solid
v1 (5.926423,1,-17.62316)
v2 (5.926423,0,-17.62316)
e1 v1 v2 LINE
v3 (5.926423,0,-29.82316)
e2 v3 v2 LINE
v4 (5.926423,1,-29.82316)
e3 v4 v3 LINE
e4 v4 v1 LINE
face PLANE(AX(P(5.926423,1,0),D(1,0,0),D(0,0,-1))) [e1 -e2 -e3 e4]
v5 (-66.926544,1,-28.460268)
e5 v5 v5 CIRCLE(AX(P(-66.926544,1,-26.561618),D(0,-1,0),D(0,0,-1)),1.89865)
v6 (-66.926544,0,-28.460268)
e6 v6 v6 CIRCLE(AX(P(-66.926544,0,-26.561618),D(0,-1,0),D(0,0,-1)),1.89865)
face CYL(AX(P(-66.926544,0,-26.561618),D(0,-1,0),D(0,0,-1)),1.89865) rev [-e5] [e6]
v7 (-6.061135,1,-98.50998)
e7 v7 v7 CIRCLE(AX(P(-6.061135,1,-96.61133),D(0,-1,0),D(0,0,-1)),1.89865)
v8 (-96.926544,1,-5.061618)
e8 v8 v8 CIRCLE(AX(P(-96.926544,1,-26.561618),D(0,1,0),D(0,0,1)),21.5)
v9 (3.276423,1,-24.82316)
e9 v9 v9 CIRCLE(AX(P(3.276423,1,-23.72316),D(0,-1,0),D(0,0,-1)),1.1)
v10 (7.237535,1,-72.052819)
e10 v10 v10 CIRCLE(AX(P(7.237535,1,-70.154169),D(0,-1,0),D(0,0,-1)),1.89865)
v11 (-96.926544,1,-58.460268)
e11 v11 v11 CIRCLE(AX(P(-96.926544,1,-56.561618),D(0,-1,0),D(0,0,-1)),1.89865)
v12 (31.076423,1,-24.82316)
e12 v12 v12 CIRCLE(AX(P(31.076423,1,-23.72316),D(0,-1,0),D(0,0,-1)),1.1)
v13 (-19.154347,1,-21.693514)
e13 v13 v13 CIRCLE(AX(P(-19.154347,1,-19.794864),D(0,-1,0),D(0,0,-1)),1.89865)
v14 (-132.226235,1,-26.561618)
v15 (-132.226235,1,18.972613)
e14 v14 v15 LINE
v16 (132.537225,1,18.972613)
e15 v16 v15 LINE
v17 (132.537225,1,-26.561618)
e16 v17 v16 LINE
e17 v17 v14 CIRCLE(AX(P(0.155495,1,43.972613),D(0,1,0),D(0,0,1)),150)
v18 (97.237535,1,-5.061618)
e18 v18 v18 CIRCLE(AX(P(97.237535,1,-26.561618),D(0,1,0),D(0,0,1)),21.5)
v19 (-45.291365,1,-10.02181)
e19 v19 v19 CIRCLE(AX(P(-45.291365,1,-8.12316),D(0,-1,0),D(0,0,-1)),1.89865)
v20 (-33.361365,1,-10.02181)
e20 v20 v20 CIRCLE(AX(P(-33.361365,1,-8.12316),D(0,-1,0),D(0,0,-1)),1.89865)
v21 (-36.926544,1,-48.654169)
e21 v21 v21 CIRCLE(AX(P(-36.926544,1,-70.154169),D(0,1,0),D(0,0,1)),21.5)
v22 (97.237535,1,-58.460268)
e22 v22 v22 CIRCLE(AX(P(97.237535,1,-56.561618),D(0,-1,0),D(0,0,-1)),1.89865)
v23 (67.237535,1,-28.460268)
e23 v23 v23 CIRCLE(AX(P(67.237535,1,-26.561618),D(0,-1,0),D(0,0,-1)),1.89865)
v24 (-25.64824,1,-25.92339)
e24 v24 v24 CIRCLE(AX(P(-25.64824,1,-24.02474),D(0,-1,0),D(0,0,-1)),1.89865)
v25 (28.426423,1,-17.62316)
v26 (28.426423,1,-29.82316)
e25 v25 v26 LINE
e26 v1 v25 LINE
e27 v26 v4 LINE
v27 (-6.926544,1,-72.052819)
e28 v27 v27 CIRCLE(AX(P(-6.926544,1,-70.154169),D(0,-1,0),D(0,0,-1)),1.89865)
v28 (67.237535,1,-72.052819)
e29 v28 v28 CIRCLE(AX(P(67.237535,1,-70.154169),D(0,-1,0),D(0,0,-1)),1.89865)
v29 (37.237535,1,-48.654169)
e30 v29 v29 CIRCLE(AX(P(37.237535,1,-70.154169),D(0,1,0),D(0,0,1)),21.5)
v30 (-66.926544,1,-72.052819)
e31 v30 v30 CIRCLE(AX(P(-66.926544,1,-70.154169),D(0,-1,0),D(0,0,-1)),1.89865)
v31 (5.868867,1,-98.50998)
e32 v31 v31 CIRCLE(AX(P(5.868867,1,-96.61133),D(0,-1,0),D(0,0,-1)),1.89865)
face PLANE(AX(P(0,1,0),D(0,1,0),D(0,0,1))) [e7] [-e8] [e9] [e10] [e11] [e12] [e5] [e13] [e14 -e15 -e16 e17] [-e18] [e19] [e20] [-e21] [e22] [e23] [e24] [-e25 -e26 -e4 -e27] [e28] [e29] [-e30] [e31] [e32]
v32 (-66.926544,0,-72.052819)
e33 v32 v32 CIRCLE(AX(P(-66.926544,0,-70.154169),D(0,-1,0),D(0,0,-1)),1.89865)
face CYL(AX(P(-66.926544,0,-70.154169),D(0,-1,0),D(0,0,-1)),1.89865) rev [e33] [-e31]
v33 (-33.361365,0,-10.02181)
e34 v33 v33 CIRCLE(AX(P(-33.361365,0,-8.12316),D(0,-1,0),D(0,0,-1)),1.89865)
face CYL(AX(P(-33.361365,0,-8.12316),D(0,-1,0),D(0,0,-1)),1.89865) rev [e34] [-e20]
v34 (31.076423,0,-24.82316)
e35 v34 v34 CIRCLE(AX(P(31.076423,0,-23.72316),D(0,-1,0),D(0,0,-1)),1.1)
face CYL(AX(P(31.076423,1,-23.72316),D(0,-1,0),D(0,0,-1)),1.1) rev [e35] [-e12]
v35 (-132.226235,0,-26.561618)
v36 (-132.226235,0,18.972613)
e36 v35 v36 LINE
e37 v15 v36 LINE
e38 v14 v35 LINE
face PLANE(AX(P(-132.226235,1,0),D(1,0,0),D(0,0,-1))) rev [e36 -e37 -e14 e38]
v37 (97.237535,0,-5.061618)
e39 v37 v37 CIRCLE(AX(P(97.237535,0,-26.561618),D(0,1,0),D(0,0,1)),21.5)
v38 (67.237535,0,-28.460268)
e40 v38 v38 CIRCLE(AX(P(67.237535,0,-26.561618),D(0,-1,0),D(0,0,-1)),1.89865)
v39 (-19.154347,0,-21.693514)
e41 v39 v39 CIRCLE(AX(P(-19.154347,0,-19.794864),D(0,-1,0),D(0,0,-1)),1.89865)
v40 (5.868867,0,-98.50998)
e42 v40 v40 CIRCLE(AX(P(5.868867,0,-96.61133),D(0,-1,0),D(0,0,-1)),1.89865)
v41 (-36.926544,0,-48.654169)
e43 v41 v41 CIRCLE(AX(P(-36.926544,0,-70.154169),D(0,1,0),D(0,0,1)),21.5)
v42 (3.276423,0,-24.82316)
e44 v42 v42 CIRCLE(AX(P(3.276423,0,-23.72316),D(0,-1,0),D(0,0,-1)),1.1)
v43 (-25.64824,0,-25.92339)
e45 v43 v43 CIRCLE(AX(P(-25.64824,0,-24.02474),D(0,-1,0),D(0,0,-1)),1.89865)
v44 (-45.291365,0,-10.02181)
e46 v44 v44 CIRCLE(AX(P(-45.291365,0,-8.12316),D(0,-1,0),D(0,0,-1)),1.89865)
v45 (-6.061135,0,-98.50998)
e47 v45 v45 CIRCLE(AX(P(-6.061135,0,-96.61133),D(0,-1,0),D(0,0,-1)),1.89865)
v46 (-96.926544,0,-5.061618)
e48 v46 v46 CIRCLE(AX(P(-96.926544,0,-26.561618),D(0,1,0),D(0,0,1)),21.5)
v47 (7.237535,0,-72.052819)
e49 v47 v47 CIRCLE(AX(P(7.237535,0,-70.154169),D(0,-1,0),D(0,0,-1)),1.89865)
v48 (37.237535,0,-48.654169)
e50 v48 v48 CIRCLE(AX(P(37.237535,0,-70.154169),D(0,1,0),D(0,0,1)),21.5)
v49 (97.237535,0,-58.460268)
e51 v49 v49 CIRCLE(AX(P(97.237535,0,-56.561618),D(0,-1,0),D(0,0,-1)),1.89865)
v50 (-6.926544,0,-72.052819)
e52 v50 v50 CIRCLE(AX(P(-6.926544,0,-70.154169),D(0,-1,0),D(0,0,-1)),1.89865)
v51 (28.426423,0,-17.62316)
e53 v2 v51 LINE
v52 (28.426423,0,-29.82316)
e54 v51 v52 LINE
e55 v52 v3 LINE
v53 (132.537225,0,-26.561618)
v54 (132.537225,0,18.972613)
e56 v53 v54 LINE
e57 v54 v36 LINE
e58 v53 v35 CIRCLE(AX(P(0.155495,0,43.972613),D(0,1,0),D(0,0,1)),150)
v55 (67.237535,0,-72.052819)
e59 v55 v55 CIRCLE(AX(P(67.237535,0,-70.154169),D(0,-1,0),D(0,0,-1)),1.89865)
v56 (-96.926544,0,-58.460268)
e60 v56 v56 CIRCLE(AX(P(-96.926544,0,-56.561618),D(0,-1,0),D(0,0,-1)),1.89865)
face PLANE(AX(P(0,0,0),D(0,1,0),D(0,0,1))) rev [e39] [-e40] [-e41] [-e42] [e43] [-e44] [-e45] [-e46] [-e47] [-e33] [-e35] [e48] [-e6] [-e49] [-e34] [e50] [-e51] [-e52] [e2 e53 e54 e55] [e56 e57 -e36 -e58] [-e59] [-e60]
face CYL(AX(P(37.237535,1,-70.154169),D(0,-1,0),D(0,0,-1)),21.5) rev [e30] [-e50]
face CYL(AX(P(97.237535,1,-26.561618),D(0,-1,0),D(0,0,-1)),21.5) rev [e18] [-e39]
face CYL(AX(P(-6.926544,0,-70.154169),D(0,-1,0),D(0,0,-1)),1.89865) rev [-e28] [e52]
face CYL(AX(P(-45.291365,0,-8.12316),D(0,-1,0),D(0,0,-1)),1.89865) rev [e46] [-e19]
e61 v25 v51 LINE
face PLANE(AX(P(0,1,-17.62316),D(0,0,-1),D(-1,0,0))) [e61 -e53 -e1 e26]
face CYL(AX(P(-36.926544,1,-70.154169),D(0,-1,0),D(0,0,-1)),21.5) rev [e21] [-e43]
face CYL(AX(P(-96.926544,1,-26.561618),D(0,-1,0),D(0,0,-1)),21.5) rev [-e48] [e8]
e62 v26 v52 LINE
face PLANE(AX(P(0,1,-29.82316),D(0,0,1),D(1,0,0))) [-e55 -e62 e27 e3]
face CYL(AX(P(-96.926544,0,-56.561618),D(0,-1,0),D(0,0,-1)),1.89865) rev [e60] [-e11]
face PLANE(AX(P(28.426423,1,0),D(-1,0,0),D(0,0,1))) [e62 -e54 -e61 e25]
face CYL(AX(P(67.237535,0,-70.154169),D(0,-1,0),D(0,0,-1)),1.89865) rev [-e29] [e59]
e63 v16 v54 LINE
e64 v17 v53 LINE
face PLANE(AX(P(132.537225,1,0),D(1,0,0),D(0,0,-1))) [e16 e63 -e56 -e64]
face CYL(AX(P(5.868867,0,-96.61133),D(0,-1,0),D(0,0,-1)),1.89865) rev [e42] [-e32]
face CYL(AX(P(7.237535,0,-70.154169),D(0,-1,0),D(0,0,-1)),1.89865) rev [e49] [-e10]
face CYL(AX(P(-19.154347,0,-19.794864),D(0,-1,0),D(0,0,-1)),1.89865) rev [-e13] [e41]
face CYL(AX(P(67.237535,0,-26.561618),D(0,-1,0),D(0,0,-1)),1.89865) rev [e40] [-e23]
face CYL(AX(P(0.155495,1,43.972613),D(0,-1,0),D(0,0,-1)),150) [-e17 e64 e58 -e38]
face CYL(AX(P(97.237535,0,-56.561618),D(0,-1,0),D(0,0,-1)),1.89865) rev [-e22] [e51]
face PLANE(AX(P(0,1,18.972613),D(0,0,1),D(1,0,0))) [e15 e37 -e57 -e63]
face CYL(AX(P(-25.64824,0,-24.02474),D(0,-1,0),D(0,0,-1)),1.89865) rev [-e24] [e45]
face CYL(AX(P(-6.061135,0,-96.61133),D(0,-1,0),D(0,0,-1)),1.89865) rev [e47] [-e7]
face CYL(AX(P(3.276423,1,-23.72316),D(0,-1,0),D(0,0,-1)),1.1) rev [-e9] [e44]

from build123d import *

# Parameters (mm, degrees)
SKETCH3_R             = 21.5
BOSS_EXTRUDE3_DEPTH   = 1
SKETCH10_R            = 1.1
SKETCH10_W            = 22.5
SKETCH10_H            = 12.2
CUT_EXTRUDE3_DEPTH    = 170.731914631
F_6_CLEARANCE_HOLE1_D = 3.7973


with BuildPart() as part:
    # Sketch3 → Boss-Extrude3 (new body)
    with BuildSketch(Plane(origin=(0, 0, 0), x_dir=(1, 0, 0), z_dir=(0, 1, 0))):
        with BuildLine():
            Line((-132.226234517, -18.972612677), (132.537224892, -18.972612677))
            Line((132.537224892, -18.972612677), (132.537224892, 26.561617598))
            ThreePointArc((132.537224892, 26.561617598), (0.155495187, 106.027387323), (-132.226234517, 26.561617598))
            Line((-132.226234517, 26.561617598), (-132.226234517, -18.972612677))
        make_face()
        with Locations(Location((-96.926544138, 26.561617598, 0), (0, 0, 270))):
            Circle(SKETCH3_R, mode=Mode.SUBTRACT)
        with Locations(Location((97.237534512, 26.561617598, 0), (0, 0, 270))):
            Circle(SKETCH3_R, mode=Mode.SUBTRACT)
        with Locations(Location((-36.926544138, 70.154169278, 0), (0, 0, 270))):
            Circle(SKETCH3_R, mode=Mode.SUBTRACT)
        with Locations(Location((37.237534512, 70.154169278, 0), (0, 0, 270))):
            Circle(SKETCH3_R, mode=Mode.SUBTRACT)
    extrude(amount=BOSS_EXTRUDE3_DEPTH)

    # Sketch10 → Cut-Extrude3 (cut, through all)
    with BuildSketch(Plane(origin=(0, 0, 0), x_dir=(-1, 0, 0), z_dir=(0, -1, 0))):
        with Locations(Location((-31.076423082, 23.72316033, 0), (0, 0, 90))):
            Circle(SKETCH10_R)
        with Locations(Location((-3.276423082, 23.72316033, 0), (0, 0, 90))):
            Circle(SKETCH10_R)
        with Locations((-17.176423082, 23.72316033)):
            Rectangle(SKETCH10_W, SKETCH10_H)
    extrude(amount=-CUT_EXTRUDE3_DEPTH, mode=Mode.SUBTRACT)

    # #6 Clearance Hole1 (through all)
    with Locations(Plane(origin=(0, 0, 0), x_dir=(-1, 0, 0), z_dir=(0, -1, 0))):
        with Locations((-97.237534512, 56.561617598), (-67.237534512, 26.561617598), (-67.237534512, 70.154169278), (-7.237534512, 70.154169278), (6.926544138, 70.154169278), (66.926544138, 70.154169278), (96.926544138, 56.561617598), (66.926544138, 26.561617598), (19.154347381, 19.79486368), (45.291365084, 8.12316033), (33.361365084, 8.12316033), (6.061135322, 96.611330123), (-5.86886721, 96.611330123), (25.648240263, 24.024740184)):
            Hole(F_6_CLEARANCE_HOLE1_D / 2)


solid = part.part
